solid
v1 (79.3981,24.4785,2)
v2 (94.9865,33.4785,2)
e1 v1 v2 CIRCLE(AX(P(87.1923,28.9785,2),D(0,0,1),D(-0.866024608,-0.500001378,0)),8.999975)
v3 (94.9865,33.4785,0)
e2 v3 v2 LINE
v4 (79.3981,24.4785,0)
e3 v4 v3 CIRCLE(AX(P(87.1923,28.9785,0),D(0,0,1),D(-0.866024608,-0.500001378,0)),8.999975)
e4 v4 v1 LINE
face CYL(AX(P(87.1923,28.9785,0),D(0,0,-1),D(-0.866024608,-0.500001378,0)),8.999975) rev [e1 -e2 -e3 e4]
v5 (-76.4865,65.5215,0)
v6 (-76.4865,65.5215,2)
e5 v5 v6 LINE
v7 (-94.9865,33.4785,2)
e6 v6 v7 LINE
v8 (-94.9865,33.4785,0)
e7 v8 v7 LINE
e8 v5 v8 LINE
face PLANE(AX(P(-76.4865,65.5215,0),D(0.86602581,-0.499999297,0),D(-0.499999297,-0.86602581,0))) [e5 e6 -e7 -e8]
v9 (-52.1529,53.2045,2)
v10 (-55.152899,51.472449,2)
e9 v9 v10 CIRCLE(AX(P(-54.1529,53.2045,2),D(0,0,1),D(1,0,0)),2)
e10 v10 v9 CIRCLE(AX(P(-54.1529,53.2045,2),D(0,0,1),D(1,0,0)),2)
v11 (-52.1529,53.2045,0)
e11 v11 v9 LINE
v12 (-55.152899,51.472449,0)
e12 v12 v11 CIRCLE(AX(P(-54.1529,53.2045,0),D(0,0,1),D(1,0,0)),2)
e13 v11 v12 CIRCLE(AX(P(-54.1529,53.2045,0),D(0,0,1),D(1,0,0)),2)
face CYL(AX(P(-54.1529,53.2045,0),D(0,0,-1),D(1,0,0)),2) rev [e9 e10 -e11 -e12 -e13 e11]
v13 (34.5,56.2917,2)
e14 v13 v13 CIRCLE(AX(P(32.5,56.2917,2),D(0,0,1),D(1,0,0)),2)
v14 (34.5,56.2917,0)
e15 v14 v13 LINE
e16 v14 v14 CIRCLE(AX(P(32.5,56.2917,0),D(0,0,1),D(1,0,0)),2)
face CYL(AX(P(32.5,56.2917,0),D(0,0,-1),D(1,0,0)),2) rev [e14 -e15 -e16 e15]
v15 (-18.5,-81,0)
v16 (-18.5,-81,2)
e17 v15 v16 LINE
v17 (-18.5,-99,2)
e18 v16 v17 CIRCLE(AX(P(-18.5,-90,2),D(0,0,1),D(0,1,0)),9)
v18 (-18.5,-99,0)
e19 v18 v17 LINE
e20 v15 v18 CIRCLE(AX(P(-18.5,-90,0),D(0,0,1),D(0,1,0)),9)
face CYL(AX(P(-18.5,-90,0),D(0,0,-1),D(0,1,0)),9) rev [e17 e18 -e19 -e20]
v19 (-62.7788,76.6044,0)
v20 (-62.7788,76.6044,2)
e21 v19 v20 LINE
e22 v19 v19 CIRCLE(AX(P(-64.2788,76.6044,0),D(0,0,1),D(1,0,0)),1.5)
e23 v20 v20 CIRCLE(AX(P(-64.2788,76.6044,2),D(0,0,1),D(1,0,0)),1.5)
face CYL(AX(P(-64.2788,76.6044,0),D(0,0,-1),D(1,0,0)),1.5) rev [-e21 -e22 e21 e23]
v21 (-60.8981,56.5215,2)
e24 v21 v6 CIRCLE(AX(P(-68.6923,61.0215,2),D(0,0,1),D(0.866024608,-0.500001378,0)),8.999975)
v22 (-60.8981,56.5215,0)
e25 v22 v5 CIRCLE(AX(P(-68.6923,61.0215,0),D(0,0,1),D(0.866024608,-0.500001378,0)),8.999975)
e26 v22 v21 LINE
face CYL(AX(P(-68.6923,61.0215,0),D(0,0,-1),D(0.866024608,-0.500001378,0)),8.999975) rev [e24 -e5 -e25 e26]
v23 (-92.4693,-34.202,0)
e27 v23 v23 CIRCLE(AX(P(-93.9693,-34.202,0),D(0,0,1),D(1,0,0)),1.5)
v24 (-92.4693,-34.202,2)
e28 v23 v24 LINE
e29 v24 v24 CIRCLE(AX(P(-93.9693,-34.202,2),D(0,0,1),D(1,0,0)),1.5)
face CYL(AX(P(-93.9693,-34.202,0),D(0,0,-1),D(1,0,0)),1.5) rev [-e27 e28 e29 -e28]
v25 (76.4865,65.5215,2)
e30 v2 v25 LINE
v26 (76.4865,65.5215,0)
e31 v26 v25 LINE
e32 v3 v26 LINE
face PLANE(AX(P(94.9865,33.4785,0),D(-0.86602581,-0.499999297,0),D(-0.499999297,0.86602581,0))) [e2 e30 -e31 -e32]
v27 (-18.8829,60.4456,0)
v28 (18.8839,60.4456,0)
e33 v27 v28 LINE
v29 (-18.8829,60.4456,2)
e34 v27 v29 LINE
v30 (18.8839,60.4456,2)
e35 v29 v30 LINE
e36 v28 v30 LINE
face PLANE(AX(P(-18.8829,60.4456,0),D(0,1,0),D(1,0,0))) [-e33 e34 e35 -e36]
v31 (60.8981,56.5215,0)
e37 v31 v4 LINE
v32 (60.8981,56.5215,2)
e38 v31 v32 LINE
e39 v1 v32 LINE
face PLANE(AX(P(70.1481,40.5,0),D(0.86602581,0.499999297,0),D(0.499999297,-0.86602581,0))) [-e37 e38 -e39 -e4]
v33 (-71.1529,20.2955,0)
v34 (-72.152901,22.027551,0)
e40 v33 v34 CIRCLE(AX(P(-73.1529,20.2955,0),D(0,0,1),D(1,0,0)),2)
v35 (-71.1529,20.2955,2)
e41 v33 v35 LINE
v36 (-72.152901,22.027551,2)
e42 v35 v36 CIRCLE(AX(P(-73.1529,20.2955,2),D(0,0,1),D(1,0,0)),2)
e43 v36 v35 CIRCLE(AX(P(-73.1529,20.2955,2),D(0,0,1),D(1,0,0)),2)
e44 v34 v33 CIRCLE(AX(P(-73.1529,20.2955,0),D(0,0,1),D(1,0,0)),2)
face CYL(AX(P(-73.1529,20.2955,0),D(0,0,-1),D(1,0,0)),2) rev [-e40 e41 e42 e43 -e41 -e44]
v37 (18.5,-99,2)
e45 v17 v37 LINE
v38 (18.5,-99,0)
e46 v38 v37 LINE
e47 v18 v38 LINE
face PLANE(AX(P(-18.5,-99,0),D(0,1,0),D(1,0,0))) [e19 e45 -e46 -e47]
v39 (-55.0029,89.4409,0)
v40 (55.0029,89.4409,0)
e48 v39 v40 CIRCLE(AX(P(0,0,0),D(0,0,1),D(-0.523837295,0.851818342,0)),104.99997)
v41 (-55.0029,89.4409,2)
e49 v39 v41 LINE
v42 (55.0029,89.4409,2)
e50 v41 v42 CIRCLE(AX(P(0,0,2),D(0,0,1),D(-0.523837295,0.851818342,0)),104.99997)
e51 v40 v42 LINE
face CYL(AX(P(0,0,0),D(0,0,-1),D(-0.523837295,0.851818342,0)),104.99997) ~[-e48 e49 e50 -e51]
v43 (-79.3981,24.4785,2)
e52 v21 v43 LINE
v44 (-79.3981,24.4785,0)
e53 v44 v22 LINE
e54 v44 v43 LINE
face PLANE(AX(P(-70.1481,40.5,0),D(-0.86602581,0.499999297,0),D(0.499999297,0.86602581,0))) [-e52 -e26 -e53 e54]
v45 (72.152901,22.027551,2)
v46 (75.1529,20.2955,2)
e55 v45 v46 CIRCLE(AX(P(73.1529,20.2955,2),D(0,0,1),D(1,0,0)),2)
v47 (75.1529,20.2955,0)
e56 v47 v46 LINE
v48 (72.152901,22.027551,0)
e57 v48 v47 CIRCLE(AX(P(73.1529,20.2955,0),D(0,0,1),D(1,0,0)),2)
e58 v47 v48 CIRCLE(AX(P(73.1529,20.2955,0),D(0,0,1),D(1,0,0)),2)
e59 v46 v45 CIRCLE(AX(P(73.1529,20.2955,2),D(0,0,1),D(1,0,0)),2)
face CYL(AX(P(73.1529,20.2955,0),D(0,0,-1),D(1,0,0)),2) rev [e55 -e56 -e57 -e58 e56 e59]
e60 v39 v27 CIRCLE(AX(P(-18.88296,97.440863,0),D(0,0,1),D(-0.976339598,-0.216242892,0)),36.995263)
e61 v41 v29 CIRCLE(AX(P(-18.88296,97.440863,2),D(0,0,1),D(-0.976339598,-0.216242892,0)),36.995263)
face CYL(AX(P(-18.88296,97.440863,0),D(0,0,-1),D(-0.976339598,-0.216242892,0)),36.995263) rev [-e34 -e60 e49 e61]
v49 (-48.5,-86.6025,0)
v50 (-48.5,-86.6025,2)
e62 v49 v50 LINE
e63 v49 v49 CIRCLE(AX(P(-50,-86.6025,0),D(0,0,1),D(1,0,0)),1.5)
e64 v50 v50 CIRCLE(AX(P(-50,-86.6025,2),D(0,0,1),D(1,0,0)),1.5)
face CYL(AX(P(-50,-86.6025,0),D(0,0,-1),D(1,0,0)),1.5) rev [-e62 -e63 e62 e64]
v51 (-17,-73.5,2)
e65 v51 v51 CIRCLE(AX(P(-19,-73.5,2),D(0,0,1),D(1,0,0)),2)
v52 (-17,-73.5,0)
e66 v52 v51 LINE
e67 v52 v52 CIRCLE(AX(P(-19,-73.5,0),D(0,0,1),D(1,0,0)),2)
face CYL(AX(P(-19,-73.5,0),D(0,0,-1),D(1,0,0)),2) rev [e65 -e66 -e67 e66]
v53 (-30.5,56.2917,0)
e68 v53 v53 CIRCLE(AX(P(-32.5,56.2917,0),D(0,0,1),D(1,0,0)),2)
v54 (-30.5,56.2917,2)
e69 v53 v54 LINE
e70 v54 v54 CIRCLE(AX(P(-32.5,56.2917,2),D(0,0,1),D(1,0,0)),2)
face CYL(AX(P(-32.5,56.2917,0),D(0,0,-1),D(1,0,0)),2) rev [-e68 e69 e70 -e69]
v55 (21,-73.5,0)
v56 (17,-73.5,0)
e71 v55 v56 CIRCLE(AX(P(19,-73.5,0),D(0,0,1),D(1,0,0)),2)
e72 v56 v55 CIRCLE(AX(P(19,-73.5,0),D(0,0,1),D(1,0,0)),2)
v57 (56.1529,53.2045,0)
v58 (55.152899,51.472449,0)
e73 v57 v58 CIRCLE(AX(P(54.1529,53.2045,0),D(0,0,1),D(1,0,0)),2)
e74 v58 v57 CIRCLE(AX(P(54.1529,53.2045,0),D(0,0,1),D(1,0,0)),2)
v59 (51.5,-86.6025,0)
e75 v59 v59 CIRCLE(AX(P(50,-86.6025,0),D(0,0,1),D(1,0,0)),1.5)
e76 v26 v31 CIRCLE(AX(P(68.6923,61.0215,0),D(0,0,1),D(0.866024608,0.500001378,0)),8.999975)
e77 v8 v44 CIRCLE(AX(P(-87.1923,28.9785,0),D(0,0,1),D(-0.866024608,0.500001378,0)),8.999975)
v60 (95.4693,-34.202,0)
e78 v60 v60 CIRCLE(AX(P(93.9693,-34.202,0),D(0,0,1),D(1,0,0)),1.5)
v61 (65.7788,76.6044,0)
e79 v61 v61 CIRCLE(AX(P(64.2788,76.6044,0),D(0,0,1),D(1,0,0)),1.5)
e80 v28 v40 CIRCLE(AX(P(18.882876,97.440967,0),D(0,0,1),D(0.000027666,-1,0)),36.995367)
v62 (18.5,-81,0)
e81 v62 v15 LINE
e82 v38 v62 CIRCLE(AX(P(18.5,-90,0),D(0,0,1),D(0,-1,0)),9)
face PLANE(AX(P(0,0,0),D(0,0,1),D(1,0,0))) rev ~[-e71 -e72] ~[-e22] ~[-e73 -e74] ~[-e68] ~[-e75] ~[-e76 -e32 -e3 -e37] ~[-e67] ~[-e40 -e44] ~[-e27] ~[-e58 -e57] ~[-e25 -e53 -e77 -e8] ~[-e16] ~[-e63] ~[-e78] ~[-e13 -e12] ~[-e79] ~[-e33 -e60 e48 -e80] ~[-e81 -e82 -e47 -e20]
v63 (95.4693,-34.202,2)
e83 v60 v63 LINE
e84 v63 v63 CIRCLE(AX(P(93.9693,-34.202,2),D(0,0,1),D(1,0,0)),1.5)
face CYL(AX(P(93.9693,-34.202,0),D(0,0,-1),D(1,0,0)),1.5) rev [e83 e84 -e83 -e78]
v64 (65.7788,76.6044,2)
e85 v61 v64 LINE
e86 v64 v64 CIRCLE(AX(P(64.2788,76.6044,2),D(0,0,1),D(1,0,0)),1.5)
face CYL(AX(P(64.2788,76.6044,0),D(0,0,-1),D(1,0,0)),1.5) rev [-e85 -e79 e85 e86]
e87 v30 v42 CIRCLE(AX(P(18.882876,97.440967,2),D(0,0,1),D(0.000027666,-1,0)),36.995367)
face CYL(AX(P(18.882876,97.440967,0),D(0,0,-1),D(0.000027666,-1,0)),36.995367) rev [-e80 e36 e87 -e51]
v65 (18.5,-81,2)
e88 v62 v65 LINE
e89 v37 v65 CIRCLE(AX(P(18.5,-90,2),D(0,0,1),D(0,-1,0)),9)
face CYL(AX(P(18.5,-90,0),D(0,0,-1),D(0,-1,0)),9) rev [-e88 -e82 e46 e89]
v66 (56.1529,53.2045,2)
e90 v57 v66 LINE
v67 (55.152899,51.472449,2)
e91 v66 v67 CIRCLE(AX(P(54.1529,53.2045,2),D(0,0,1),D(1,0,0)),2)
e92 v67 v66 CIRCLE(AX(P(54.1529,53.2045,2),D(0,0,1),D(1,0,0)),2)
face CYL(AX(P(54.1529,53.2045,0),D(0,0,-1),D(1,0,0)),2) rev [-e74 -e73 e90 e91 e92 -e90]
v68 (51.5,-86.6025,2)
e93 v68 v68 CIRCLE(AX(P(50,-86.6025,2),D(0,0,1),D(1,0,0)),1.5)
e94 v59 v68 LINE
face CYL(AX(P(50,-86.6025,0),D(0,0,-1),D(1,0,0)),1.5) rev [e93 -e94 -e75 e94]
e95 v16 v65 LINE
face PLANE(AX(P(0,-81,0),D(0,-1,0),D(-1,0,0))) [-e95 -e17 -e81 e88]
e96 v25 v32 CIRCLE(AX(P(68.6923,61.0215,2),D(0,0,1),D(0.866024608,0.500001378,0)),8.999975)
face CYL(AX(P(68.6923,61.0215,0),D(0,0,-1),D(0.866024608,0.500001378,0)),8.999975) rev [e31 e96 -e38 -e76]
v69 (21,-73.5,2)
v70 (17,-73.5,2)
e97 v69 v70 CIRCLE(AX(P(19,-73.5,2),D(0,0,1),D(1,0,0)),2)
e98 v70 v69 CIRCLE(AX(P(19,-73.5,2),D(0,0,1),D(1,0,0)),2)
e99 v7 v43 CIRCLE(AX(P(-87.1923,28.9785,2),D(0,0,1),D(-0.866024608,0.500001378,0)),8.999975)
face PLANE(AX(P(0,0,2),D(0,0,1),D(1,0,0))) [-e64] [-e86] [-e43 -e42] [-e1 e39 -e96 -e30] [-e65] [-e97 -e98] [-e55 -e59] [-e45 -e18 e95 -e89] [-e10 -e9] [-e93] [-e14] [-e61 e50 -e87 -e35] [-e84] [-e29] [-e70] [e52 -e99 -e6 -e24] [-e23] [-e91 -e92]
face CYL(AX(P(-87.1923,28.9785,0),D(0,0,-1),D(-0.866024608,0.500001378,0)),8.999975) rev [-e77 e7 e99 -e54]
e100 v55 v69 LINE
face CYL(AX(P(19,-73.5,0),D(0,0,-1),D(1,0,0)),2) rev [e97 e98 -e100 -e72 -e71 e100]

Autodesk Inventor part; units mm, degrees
ref_plane "YZ Plane" through (0, 0, 0) normal (1, 0, 0) x (0, 1, 0)
ref_plane "XZ Plane" through (0, 0, 0) normal (0, 1, 0) x (-1, 0, 0)
ref_plane "XY Plane" through (0, 0, 0) normal (0, 0, 1) x (1, 0, 0)
sketch "Skizze3" plane through (0, 0, 0) normal (0, 0, 1) x (1, 0, 0)
  arc A0 (-55.0029, 89.4409) -> (55.0029, 89.4409) centre (0, 0) ccw
  line L0 (0, 0) -> (55.0029, 89.4409) construction
  line L1 (0, 0) -> (105, 0) construction
  line L2 (0, 0) -> (-55.0029, 89.4409) construction
  line L3 (-55.0029, 89.4409) -> (-18.8829, 89.4409)
  line L4 (-18.8829, 89.4409) -> (-18.8829, 97.4409)
  arc A1 (-55.0029, 89.4409) -> (-18.8829, 60.4456) centre (-18.8829, 97.4409) ccw
  line L5 (55.0029, 89.4409) -> (18.8829, 89.4409)
  line L6 (18.8829, 89.4409) -> (18.8829, 97.4409)
  arc A2 (18.8839, 60.4456) -> (55.0029, 89.4409) centre (18.8829, 97.4409) ccw
  line L7 (18.8829, 97.4409) -> (18.8839, 60.4456) construction
  line L8 (18.8829, 97.4409) -> (55.0029, 89.4409) construction
  line L9 (-18.8829, 60.4456) -> (18.8839, 60.4456)
  line L10 (0, 0) -> (57.2785, 0) construction
  line L11 (0, 0) -> (57.2785, 0) construction
  line L12 (0, 0) -> (57.279, 0) construction
  line L13 (0, 0) -> (84.4383, 0) construction
  line L14 (0, 0) -> (77.9423, 45)
  line L15 (0, 0) -> (90, 0) construction
  line L16 (0, 0) -> (-77.9423, 45)
  line L17 (0, 0) -> (90, 0) construction
  line L18 (0, 0) -> (0, -90)
  line L19 (0, 0) -> (90, 0) construction
  line L20 (-27.5, -90) -> (27.5, -90) construction
  line L21 (-23, -90) -> (23, -90) construction
  line L22 (-18.5, -90) -> (18.5, -90) construction
  line L23 (-18.5, -99) -> (18.5, -99)
  line L24 (18.5, -81) -> (-18.5, -81)
  arc A3 (-18.5, -81) -> (-18.5, -99) centre (-18.5, -90) ccw
  arc A4 (18.5, -99) -> (18.5, -81) centre (18.5, -90) ccw
  line L25 (87.1923, 28.9785) -> (68.6923, 61.0215) construction
  line L26 (94.9865, 33.4785) -> (76.4865, 65.5215)
  line L27 (60.8981, 56.5215) -> (79.3981, 24.4785)
  arc A5 (79.3981, 24.4785) -> (94.9865, 33.4785) centre (87.1923, 28.9785) ccw
  arc A6 (76.4865, 65.5215) -> (60.8981, 56.5215) centre (68.6923, 61.0215) ccw
  line L28 (-87.1923, 28.9785) -> (-68.6923, 61.0215) construction
  line L29 (-79.3981, 24.4785) -> (-60.8981, 56.5215)
  line L30 (-76.4865, 65.5215) -> (-94.9865, 33.4785)
  arc A7 (-94.9865, 33.4785) -> (-79.3981, 24.4785) centre (-87.1923, 28.9785) ccw
  arc A8 (-60.8981, 56.5215) -> (-76.4865, 65.5215) centre (-68.6923, 61.0215) ccw
  line L31 (-77.9423, 45) -> (-40.9423, 45) construction
  line L32 (-70.1481, 40.5) -> (-15.5885, 9)
  line L33 (-70.1481, 40.5) -> (-60.1481, 40.5) construction
  line L34 (-61.4878, 35.5) -> (-42.4878, 35.5) construction
  line L35 (-61.4878, 35.5) -> (-52.8275, 30.5)
  line L36 (-61.4878, 35.5) -> (-51.4878, 35.5) construction
  line L37 (-52.8275, 30.5) -> (-26.3275, 30.5) construction
  line L38 (-83.3981, 17.5503) -> (-30.3981, 17.5503) construction
  line L39 (70.1481, 40.5) -> (61.4878, 35.5)
  line L40 (70.1481, 40.5) -> (80.1481, 40.5) construction
  line L41 (0, -81) -> (0, -71)
  line L42 (0, -81) -> (10, -81) construction
  line L43 (-70.1481, 40.5) -> (-63.6529, 36.75)
  line L44 (-70.1481, 40.5) -> (-62.6481, 40.5) construction
  line L45 (-70.4077, 10.0503) -> (-83.3981, 17.5503)
  line L46 (-83.3981, 17.5503) -> (-56.8981, 63.4497)
  line L47 (-56.8981, 63.4497) -> (-43.9077, 55.9497)
  line L48 (-43.9077, 55.9497) -> (-70.4077, 10.0503)
  line L49 (-70.4077, 10.0503) -> (-56.8981, 63.4497) construction
  line L50 (-83.3981, 17.5503) -> (-43.9077, 55.9497) construction
  line L51 (70.1481, 40.5) -> (63.6529, 36.75)
  line L52 (70.1481, 40.5) -> (77.6481, 40.5) construction
  line L53 (70.4077, 10.0503) -> (83.3981, 17.5503)
  line L54 (83.3981, 17.5503) -> (56.8981, 63.4497)
  line L55 (56.8981, 63.4497) -> (43.9077, 55.9497)
  line L56 (43.9077, 55.9497) -> (70.4077, 10.0503)
  line L57 (70.4077, 10.0503) -> (56.8981, 63.4497) construction
  line L58 (83.3981, 17.5503) -> (43.9077, 55.9497) construction
  line L59 (0, -81) -> (0, -73.5)
  line L60 (26.5, -66) -> (26.5, -81)
  line L61 (26.5, -81) -> (-26.5, -81)
  line L62 (-26.5, -81) -> (-26.5, -66)
  line L63 (-26.5, -66) -> (26.5, -66)
  line L64 (26.5, -66) -> (-26.5, -81) construction
  line L65 (26.5, -81) -> (-26.5, -66) construction
  line L66 (-63.6529, 36.75) -> (-54.1529, 53.2045)
  line L67 (-63.6529, 36.75) -> (-44.6529, 36.75) construction
  line L68 (-63.6529, 36.75) -> (-73.1529, 20.2955)
  line L69 (-63.6529, 36.75) -> (-44.6529, 36.75) construction
  circle A9 centre (-73.1529, 20.2955) radius 2
  circle A10 centre (-54.1529, 53.2045) radius 2
  line L70 (63.6529, 36.75) -> (54.1529, 53.2045)
  line L71 (63.6529, 36.75) -> (82.6529, 36.75) construction
  circle A11 centre (54.1529, 53.2045) radius 2
  line L72 (63.6529, 36.75) -> (73.1529, 20.2955)
  line L73 (63.6529, 36.75) -> (82.6529, 36.75) construction
  circle A12 centre (73.1529, 20.2955) radius 2
  line L74 (0, -73.5) -> (-19, -73.5)
  line L75 (0, -73.5) -> (19, -73.5) construction
  circle A13 centre (-19, -73.5) radius 2
  line L76 (0, -73.5) -> (19, -73.5)
  line L77 (0, -73.5) -> (19, -73.5) construction
  circle A14 centre (19, -73.5) radius 2
  line L78 (0, 0) -> (97, 0) construction
  line L79 (0, 0) -> (97, 0) construction
  line L80 (0, 0) -> (97, 0) construction
  line L81 (0, 0) -> (97, 0) construction
  line L82 (0, 0) -> (100, 0) construction
  circle A15 centre (-93.9693, -34.202) radius 1.5
  line L83 (0, 0) -> (100, 0) construction
  line L84 (0, 0) -> (100, 0) construction
  line L85 (0, 0) -> (100, 0) construction
  circle A16 centre (-50, -86.6025) radius 1.5
  circle A17 centre (93.9693, -34.202) radius 1.5
  circle A18 centre (50, -86.6025) radius 1.5
  line L86 (0, 0) -> (100, 0) construction
  line L87 (0, 0) -> (100, 0) construction
  circle A19 centre (-64.2788, 76.6044) radius 1.5
  circle A20 centre (64.2788, 76.6044) radius 1.5
  line L88 (-15.5885, 9) -> (-36.3731, 21)
  line L89 (-15.5885, 9) -> (8.4115, 9) construction
  line L90 (-21.0885, -0.5263) -> (-62.6577, 23.4737)
  line L91 (-62.6577, 23.4737) -> (-51.6577, 42.5263)
  line L92 (-51.6577, 42.5263) -> (-10.0885, 18.5263)
  line L93 (-10.0885, 18.5263) -> (-21.0885, -0.5263)
  line L94 (-21.0885, -0.5263) -> (-51.6577, 42.5263) construction
  line L95 (-62.6577, 23.4737) -> (-10.0885, 18.5263) construction
  line L96 (0, 0) -> (36.3731, 21)
  line L97 (0, 0) -> (42, 0) construction
  line L98 (0, 0) -> (0, -42)
  line L99 (0, 0) -> (42, 0) construction
  line L100 (21.0885, -0.5263) -> (62.6577, 23.4737)
  line L101 (62.6577, 23.4737) -> (51.6577, 42.5263)
  line L102 (51.6577, 42.5263) -> (10.0885, 18.5263)
  line L103 (10.0885, 18.5263) -> (21.0885, -0.5263)
  line L104 (21.0885, -0.5263) -> (51.6577, 42.5263) construction
  line L105 (62.6577, 23.4737) -> (10.0885, 18.5263) construction
  line L106 (11, -18) -> (11, -66)
  line L107 (11, -66) -> (-11, -66)
  line L108 (-11, -66) -> (-11, -18)
  line L109 (-11, -18) -> (11, -18)
  line L110 (11, -18) -> (-11, -66) construction
  line L111 (11, -66) -> (-11, -18) construction
  circle A21 centre (-32.5, 56.2917) radius 2
  circle A22 centre (32.5, 56.2917) radius 2
  line L112 (-32.5, 56.2917) -> (32.5, 56.2917) construction
  line L113 (-32.5, 56.2917) -> (0, 0) construction
  line L114 (32.5, 56.2917) -> (0, 0) construction
  line L115 (0, 0) -> (64.2788, 76.6044) construction
  line L116 (0, 0) -> (100, 0) construction
  line L117 (0, 0) -> (-64.2788, 76.6044) construction
  line L118 (0, 0) -> (100, 0) construction
  line L119 (0, 0) -> (-93.9693, -34.202) construction
  line L120 (0, 0) -> (100, 0) construction
  line L121 (0, 0) -> (-50, -86.6025) construction
  line L122 (0, 0) -> (100, 0) construction
  line L123 (0, 0) -> (50, -86.6025) construction
  line L124 (0, 0) -> (100, 0) construction
  line L125 (0, 0) -> (93.9693, -34.202) construction
  line L126 (0, 0) -> (100, 0) construction
  point P0 (57.1729, 88.0696)
  point P1 (69.2286, 39.9691)
  point P2 (73.1257, 42.2191)
  dimension "d22" = 105
  dimension "d23" = 58.41
  dimension "d24" = 63.18
  dimension "d25" = 36.12
  dimension "d26" = 8
  dimension "d27" = 90
  dimension "d28" = 36.12
  dimension "d29" = 8
  dimension "d30" = 90
  dimension "d31" = 77.51
  dimension "d42" = 90
  dimension "d43" = 30
  dimension "d46" = 90
  dimension "d47" = 150
  dimension "d50" = 90
  dimension "d51" = 90
  dimension "d52" = 27.5
  dimension "d54" = 23
  dimension "d56" = 18.5
  dimension "d57" = 18
  dimension "d58" = 18.5
  dimension "d59" = 18
  dimension "d60" = 18.5
  dimension "d61" = 60
  dimension "d62" = 18
  dimension "d63" = 63
  dimension "d82" = 150
  dimension "d85" = 90
  dimension "d87" = 7.5
  dimension "d88" = 30
  dimension "d89" = 53
  dimension "d90" = 7.5
  dimension "d91" = 150
  dimension "d92" = 53
  dimension "d93" = 7.5
  dimension "d94" = 53
  dimension "d95" = 19
  dimension "d96" = 60
  dimension "d97" = 19
  dimension "d98" = 120
  dimension "d99" = 4
  dimension "d100" = 4
  dimension "d101" = 19
  dimension "d102" = 120
  dimension "d103" = 4
  dimension "d104" = 19
  dimension "d105" = 60
  dimension "d106" = 4
  dimension "d107" = 19
  dimension "d108" = 180
  dimension "d109" = 4
  dimension "d110" = 19
  dimension "d111" = 0
  dimension "d112" = 4
  dimension "d127" = 3
  dimension "d134" = 3
  dimension "d135" = 3
  dimension "d136" = 3
  dimension "d140" = 3
  dimension "d141" = 3
  dimension "d142" = 24
  dimension "d143" = 150
  dimension "d144" = 22
  dimension "d145" = 42
  dimension "d146" = 30
extrude "Extrusion3" add sketch "Skizze3" along normal blind 2 contours A1 L9 A2 A0 | L14 L56 L55 L54 L27 | L14 L27 L54 L53 L56 | L56 L100 L103 L14 | L14 L103 L102 L56 | L109 L106 L63 L18 | L18 L63 L108 L109 | L93 L90 L48 L16 | L16 L48 L92 L93 | L48 L16 L29 L46 L47 | L48 L45 L46 L29 L16 | L63 L60 L61 L24 L18 | L18 L24 L61 L62 L63
properties part number "platinetest" material "Kupfer"
